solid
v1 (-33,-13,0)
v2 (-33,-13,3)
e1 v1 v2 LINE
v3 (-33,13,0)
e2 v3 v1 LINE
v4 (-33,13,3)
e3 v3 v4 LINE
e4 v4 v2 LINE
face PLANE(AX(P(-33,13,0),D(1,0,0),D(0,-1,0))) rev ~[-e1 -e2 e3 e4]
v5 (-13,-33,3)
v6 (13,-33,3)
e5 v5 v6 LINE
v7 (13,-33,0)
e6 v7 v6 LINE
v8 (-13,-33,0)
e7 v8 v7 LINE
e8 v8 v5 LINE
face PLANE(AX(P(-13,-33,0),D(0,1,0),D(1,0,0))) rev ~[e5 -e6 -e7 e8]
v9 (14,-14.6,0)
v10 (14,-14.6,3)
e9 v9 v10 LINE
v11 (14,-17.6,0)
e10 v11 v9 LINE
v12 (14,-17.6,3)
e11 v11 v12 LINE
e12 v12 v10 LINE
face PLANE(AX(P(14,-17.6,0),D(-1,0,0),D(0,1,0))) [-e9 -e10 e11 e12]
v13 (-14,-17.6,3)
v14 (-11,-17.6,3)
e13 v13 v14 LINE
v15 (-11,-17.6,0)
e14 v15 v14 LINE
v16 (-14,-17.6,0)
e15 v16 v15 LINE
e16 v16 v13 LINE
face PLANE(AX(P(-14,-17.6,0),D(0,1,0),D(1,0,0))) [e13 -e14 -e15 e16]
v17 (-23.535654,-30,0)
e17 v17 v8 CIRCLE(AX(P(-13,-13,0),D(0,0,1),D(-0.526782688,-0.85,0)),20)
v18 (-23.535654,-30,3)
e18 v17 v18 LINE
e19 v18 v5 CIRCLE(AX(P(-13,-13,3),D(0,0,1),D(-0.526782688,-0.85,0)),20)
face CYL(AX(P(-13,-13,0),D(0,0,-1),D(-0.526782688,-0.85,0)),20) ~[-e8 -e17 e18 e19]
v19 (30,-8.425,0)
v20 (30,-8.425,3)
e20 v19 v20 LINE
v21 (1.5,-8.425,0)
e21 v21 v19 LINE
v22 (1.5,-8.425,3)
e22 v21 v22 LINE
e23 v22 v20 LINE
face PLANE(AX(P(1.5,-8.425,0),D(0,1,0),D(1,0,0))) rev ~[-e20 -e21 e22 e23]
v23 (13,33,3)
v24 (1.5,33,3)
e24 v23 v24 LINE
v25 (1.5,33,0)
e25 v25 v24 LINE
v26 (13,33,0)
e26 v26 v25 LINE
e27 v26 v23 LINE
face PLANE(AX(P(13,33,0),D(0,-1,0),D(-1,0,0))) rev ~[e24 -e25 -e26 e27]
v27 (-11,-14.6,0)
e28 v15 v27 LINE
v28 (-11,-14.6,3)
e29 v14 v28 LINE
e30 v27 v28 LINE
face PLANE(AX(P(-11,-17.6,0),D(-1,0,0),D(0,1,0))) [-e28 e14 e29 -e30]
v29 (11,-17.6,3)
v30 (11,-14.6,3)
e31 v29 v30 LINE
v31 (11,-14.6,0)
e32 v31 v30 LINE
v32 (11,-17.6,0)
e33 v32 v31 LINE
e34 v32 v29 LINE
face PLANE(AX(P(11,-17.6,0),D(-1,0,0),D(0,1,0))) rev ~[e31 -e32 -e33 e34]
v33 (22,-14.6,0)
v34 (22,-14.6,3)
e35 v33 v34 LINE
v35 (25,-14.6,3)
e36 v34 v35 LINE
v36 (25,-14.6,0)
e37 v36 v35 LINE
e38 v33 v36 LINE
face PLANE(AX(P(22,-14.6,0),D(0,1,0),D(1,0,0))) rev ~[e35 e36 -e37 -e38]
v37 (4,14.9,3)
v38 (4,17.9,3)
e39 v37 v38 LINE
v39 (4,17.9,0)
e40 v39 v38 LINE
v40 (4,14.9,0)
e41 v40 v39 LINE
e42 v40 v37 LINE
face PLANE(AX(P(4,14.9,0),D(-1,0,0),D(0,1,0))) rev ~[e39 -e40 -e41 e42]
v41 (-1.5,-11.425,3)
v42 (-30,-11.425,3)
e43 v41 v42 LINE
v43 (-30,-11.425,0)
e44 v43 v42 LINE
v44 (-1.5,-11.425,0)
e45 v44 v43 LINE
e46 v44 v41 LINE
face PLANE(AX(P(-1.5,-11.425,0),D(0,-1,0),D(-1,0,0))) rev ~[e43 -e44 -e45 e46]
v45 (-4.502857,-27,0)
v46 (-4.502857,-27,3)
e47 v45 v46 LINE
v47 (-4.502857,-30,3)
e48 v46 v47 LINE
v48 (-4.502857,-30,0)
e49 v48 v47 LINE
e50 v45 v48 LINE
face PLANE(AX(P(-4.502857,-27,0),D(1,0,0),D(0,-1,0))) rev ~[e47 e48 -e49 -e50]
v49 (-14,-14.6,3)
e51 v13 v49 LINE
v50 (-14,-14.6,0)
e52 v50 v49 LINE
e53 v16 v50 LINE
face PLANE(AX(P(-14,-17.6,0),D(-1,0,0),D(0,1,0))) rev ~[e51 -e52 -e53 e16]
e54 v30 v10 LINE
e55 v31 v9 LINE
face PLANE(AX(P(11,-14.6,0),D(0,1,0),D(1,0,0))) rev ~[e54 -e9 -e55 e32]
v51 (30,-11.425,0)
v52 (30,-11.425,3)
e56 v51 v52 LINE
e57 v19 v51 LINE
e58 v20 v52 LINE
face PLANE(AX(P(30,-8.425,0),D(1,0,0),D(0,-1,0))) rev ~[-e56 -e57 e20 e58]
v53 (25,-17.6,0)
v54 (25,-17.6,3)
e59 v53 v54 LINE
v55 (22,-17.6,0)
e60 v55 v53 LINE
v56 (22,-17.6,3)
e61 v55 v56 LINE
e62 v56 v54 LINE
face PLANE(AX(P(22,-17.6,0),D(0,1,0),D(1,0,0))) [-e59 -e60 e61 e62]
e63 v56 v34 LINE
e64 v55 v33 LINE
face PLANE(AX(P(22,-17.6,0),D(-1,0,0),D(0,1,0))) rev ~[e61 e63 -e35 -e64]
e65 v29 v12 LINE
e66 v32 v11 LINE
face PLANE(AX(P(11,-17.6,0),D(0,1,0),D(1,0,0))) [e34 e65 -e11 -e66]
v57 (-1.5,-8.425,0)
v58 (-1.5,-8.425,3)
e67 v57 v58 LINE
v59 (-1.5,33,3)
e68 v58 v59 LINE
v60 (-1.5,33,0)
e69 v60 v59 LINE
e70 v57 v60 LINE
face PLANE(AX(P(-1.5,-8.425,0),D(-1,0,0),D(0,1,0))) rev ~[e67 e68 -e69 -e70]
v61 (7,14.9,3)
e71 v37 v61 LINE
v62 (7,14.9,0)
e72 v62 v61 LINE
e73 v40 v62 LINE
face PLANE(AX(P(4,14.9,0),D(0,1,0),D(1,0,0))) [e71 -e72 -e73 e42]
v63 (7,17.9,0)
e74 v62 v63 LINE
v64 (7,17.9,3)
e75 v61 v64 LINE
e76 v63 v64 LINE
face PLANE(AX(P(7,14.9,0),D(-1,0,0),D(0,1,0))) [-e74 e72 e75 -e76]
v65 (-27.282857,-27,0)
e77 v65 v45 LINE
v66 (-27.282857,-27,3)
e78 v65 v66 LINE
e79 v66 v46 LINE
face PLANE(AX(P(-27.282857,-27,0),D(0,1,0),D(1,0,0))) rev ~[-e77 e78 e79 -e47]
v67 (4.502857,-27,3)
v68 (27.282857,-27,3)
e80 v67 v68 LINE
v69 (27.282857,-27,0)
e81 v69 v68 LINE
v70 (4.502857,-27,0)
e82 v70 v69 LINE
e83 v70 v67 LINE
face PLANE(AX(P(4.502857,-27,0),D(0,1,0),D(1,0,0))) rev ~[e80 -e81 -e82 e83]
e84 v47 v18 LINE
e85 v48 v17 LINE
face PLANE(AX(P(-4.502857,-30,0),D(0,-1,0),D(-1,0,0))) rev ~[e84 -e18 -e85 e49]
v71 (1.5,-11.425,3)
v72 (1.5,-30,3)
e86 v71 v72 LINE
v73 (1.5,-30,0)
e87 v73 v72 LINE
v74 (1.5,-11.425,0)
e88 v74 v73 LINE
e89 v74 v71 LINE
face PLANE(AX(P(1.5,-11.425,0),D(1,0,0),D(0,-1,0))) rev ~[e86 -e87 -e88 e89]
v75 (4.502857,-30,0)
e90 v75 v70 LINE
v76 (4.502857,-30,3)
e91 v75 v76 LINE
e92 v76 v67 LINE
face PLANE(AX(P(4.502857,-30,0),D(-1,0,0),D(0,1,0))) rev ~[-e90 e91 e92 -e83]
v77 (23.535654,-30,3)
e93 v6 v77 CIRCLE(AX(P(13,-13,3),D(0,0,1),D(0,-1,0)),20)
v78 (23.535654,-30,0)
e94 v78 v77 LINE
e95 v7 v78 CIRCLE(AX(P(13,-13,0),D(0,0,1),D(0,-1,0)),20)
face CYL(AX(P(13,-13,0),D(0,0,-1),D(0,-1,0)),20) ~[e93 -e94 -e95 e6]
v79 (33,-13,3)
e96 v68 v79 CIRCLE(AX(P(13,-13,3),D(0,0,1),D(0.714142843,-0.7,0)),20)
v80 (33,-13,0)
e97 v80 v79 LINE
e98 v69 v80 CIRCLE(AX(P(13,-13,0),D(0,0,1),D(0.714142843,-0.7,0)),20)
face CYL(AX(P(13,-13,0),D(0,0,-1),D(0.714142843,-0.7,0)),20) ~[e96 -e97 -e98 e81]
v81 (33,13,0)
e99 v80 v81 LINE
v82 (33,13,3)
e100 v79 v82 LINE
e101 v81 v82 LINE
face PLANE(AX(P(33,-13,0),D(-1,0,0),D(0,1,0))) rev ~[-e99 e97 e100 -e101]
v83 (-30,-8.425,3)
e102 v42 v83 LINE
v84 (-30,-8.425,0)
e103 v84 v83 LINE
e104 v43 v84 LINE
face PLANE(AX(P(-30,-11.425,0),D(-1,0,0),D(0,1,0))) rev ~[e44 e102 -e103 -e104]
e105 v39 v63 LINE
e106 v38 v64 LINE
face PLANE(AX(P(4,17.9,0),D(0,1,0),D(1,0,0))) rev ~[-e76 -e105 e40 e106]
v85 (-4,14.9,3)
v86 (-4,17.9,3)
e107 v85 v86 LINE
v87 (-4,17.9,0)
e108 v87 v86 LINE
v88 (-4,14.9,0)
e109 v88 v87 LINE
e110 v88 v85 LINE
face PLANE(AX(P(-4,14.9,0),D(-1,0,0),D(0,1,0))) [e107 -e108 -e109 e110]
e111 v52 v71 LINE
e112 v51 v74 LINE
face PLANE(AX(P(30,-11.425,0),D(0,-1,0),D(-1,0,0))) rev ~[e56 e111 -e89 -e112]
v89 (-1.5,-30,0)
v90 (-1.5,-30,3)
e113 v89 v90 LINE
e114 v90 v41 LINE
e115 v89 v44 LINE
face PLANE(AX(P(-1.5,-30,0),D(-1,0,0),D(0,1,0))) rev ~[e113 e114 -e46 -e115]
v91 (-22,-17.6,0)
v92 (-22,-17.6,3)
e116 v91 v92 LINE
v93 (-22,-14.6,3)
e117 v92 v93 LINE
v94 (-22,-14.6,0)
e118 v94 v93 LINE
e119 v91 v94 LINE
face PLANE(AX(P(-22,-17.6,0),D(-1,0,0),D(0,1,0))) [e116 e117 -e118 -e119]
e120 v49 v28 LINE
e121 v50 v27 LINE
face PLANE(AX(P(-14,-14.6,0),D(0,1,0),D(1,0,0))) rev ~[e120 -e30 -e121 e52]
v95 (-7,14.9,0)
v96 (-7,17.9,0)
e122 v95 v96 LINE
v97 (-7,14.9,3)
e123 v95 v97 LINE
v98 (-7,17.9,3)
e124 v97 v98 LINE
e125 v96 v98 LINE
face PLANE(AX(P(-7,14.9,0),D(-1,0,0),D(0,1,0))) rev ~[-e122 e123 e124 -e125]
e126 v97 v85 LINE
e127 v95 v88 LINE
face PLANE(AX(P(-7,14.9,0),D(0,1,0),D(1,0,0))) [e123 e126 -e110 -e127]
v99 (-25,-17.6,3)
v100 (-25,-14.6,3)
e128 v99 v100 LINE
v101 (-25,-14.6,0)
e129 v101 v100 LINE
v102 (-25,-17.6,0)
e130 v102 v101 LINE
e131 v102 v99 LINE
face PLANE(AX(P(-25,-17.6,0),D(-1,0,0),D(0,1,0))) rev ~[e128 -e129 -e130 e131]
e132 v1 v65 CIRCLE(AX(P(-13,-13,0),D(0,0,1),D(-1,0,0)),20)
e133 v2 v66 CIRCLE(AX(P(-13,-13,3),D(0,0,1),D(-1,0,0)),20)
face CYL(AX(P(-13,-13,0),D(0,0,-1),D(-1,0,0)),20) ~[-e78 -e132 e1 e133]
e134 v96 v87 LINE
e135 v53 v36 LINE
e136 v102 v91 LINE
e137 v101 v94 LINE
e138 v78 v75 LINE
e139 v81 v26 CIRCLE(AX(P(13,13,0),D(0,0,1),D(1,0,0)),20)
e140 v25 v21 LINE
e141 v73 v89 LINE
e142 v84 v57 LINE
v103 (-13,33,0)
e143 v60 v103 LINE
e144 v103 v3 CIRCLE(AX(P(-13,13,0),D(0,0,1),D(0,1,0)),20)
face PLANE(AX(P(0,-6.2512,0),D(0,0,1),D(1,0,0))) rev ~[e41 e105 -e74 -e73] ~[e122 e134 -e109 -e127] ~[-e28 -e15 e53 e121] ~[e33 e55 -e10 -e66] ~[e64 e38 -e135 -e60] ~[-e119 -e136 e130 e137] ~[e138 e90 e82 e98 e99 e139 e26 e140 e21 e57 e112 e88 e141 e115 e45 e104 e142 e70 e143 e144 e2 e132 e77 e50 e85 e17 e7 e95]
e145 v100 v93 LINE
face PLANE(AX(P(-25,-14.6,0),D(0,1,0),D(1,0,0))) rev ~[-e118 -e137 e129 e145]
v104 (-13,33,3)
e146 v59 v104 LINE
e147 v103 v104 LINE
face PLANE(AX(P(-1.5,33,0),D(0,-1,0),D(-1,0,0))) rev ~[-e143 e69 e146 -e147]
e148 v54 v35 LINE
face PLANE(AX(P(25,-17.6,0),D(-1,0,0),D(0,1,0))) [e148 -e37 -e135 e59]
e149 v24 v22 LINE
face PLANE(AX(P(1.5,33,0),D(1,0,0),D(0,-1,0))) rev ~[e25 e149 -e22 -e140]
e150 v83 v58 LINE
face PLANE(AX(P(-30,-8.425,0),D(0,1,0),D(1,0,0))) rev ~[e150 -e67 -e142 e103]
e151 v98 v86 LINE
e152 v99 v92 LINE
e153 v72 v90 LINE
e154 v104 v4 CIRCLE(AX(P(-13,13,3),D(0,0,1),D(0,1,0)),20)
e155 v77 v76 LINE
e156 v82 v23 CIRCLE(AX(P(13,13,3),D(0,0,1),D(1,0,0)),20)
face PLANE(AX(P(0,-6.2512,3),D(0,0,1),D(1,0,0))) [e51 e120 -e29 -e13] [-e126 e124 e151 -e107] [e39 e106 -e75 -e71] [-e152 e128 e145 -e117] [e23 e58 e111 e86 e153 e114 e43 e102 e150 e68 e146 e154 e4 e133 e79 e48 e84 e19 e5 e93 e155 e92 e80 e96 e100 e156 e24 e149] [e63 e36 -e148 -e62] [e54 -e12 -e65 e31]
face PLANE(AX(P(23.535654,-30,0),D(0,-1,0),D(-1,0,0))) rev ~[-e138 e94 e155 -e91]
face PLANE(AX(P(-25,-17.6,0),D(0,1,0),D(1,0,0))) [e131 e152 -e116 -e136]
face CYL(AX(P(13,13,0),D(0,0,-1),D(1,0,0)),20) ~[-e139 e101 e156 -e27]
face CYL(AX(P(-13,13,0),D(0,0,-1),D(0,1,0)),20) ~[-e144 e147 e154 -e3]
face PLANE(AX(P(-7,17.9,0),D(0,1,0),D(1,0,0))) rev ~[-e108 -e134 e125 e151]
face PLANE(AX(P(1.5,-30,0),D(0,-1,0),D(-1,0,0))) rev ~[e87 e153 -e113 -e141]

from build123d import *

# Parameters (mm, degrees)
CROQUIS1_W              = 3
CROQUIS1_H              = 3
SALIENTE_EXTRUIR1_DEPTH = 3


with BuildPart() as part:
    # Croquis1 → Saliente-Extruir1 (new body)
    with BuildSketch(Plane.XY):
        with BuildLine():
            Line((-30, -11.425), (-30, -8.425))
            Line((-30, -8.425), (-1.5, -8.425))
            Line((-1.5, -8.425), (-1.5, 30))
            Line((-1.5, 30), (-1.5, 33))
            Line((-1.5, 33), (-13, 33))
            ThreePointArc((-13, 33), (-27.142135624, 27.142135624), (-33, 13))
            Line((-33, 13), (-33, -13))
            ThreePointArc((-33, -13), (-31.515630385, -20.561179235), (-27.282856857, -27))
            Line((-27.282856857, -27), (-4.502856857, -27))
            Line((-4.502856857, -27), (-4.502856857, -30))
            Line((-4.502856857, -30), (-23.535653753, -30))
            ThreePointArc((-23.535653753, -30), (-18.477225575, -32.235384062), (-13, -33))
            Line((-13, -33), (13, -33))
            ThreePointArc((13, -33), (18.477225575, -32.235384062), (23.535653753, -30))
            Line((23.535653753, -30), (4.502856857, -30))
            Line((4.502856857, -30), (4.502856857, -27))
            Line((4.502856857, -27), (27.282856857, -27))
            ThreePointArc((27.282856857, -27), (31.515630385, -20.561179235), (33, -13))
            Line((33, -13), (33, 13))
            ThreePointArc((33, 13), (27.142135624, 27.142135624), (13, 33))
            Line((13, 33), (1.5, 33))
            Line((1.5, 33), (1.5, 30))
            Line((1.5, 30), (1.5, -8.425))
            Line((1.5, -8.425), (30, -8.425))
            Line((30, -8.425), (30, -11.425))
            Line((30, -11.425), (1.5, -11.425))
            Line((1.5, -11.425), (1.5, -30))
            Line((1.5, -30), (-1.5, -30))
            Line((-1.5, -30), (-1.5, -11.425))
            Line((-1.5, -11.425), (-30, -11.425))
        make_face()
        with Locations((-23.5, -16.1)):
            Rectangle(CROQUIS1_W, CROQUIS1_H, mode=Mode.SUBTRACT)
        with Locations((-12.5, -16.1)):
            Rectangle(CROQUIS1_W, CROQUIS1_H, mode=Mode.SUBTRACT)
        with Locations((12.5, -16.1)):
            Rectangle(CROQUIS1_W, CROQUIS1_H, mode=Mode.SUBTRACT)
        with Locations((23.5, -16.1)):
            Rectangle(CROQUIS1_W, CROQUIS1_H, mode=Mode.SUBTRACT)
        with Locations((-5.5, 16.4)):
            Rectangle(CROQUIS1_W, CROQUIS1_H, mode=Mode.SUBTRACT)
        with Locations((5.5, 16.4)):
            Rectangle(CROQUIS1_W, CROQUIS1_H, mode=Mode.SUBTRACT)
    extrude(amount=SALIENTE_EXTRUIR1_DEPTH)


solid = part.part
